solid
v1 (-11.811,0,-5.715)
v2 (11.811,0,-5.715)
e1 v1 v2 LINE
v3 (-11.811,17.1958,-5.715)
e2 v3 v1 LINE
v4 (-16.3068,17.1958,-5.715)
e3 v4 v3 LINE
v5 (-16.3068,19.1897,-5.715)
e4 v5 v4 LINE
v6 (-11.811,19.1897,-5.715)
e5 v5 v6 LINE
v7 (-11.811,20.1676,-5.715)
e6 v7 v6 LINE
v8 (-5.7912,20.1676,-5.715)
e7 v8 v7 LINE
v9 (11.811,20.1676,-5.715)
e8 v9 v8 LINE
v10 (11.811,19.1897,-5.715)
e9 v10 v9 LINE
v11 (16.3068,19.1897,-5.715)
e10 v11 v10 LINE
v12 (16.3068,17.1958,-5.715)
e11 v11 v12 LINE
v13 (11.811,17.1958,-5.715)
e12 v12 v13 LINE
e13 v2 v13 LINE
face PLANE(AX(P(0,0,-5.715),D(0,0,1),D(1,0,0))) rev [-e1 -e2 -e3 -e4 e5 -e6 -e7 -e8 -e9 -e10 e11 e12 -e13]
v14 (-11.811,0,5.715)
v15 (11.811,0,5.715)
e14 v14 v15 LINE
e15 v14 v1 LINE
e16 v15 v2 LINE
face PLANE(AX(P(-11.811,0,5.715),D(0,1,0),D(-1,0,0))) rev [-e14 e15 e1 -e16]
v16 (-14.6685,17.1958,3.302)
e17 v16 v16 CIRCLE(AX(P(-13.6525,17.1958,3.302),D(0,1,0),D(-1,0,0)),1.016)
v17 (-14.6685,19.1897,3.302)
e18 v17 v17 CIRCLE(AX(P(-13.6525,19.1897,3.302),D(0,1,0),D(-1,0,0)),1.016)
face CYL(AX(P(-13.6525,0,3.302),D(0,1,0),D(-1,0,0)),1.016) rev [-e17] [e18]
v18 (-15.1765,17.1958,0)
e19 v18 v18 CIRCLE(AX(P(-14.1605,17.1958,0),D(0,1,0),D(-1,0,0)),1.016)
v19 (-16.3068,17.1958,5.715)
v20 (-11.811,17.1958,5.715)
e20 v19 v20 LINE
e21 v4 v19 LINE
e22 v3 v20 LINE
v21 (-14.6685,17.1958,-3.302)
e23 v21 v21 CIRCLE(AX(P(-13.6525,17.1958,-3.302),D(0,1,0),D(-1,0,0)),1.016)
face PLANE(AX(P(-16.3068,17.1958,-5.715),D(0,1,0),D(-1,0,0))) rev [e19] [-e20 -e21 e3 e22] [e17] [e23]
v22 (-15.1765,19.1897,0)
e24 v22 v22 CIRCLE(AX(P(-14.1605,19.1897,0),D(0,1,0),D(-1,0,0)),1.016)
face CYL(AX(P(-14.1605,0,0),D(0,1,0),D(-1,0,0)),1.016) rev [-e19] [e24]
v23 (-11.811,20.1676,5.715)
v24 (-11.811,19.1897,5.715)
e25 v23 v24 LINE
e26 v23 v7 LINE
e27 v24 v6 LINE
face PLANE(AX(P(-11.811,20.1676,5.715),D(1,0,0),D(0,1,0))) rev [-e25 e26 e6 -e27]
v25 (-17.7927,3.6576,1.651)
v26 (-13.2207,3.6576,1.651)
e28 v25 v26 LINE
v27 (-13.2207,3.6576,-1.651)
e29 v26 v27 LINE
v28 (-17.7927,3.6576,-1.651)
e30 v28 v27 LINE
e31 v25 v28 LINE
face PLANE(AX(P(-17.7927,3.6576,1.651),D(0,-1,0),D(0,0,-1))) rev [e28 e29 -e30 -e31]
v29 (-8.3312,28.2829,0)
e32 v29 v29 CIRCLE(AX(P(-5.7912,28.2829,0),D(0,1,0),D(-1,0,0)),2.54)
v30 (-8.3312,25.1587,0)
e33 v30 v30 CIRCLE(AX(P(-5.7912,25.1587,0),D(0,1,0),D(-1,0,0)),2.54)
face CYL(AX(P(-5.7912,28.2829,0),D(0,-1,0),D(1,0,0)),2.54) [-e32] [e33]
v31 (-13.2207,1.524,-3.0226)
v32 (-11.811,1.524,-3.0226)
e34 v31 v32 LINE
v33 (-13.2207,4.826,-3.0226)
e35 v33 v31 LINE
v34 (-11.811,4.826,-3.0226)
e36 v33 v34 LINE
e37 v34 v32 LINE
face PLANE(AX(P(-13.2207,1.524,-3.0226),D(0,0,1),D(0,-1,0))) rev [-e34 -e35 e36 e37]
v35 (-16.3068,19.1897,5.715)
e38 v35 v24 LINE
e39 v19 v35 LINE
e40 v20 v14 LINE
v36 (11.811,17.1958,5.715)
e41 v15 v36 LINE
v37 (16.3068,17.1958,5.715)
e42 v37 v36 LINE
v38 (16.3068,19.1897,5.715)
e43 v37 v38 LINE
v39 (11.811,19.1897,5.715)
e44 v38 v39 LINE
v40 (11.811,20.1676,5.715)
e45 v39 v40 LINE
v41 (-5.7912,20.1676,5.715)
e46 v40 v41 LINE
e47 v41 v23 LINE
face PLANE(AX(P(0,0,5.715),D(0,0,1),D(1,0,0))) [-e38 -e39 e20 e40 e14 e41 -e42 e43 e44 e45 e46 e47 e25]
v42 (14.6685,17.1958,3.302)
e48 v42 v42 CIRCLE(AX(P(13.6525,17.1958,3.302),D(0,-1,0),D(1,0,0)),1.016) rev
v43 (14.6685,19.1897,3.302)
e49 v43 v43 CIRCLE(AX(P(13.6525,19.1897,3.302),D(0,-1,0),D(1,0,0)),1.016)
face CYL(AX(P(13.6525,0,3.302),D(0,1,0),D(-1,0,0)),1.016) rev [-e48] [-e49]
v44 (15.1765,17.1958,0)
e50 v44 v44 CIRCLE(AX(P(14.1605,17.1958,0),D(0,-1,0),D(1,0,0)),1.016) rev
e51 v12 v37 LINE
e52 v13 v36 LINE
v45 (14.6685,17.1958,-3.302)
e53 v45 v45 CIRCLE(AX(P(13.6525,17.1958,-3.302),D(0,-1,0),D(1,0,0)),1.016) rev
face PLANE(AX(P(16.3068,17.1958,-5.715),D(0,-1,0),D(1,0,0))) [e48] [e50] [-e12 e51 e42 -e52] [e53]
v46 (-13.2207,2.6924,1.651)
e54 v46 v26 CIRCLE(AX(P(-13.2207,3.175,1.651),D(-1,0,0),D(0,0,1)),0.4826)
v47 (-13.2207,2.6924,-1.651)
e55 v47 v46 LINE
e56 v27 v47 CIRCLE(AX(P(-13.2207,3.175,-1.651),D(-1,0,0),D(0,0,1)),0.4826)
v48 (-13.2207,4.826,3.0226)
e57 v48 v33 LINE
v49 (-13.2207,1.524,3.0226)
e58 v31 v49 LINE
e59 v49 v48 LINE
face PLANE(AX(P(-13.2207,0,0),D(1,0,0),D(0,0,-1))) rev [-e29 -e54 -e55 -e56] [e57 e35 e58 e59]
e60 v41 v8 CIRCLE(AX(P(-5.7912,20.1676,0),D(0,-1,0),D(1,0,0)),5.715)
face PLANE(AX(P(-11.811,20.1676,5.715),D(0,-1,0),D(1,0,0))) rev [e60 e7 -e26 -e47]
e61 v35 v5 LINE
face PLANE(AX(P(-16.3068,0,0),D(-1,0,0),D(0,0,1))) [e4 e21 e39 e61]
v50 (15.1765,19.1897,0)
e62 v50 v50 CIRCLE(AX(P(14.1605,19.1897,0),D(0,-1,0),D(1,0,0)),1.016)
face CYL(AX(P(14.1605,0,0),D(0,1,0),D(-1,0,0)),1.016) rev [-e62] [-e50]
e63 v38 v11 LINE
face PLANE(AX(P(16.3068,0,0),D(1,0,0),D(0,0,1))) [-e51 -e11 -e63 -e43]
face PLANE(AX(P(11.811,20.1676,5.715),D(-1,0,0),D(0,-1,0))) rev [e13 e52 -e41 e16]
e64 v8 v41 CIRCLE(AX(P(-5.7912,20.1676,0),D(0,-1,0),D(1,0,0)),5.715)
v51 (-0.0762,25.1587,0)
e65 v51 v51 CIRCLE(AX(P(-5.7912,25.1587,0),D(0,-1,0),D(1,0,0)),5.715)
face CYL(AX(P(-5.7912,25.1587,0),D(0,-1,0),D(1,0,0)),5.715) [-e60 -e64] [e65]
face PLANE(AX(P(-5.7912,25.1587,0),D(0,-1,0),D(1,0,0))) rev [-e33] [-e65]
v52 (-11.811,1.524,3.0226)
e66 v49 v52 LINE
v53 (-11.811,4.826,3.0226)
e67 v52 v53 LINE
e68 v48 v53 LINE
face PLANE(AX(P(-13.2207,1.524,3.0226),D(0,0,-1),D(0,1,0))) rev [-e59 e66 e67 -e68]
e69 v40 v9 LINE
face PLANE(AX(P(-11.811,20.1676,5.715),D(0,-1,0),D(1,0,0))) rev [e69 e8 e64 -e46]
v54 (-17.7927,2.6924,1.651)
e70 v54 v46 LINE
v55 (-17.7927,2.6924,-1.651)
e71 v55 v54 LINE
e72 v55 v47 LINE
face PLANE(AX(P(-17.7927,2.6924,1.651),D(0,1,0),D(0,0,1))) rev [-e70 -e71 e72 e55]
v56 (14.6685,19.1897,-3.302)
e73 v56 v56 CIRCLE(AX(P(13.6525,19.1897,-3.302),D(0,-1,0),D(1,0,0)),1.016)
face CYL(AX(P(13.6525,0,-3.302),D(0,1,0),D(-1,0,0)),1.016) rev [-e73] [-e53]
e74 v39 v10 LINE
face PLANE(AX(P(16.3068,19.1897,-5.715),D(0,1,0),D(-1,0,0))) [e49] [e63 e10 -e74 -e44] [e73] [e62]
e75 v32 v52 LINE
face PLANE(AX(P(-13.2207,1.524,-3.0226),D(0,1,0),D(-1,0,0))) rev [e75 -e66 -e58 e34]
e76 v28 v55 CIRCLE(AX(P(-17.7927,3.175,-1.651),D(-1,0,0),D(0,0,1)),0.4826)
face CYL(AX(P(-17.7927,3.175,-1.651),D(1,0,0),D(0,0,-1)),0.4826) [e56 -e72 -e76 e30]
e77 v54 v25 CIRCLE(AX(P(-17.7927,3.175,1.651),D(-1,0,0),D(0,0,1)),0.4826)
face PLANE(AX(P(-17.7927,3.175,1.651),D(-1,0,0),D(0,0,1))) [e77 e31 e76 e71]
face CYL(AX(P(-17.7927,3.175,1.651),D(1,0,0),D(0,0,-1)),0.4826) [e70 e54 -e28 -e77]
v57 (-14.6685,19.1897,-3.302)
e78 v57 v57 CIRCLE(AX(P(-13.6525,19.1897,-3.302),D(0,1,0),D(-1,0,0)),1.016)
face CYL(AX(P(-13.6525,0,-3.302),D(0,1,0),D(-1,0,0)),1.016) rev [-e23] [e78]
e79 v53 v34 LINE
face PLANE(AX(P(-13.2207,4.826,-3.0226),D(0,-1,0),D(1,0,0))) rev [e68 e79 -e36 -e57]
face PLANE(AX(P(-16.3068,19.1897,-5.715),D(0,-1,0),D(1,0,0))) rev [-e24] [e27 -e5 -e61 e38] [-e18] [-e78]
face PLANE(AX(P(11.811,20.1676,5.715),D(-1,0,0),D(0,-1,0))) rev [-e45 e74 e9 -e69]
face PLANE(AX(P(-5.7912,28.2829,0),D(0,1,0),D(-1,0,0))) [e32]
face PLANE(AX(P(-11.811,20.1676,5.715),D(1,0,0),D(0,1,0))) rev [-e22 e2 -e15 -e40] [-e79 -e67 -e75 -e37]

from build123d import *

# Parameters (mm, degrees)
SKETCH1_W           = 23.622
SKETCH1_H           = 20.1676
BOSS_EXTRUDE1_DEPTH = 5.715
SKETCH4_W           = 11.43
SKETCH4_H           = 1.9939
BOSS_EXTRUDE4_DEPTH = 4.4958
BOSS_EXTRUDE5_START = -0.9779
SKETCH5_R           = 5.715
BOSS_EXTRUDE5_DEPTH = 5.969
SKETCH6_R           = 2.54
BOSS_EXTRUDE6_DEPTH = 3.1242
SKETCH7_R           = 1.016
CUT_EXTRUDE1_DEPTH  = 26.822810407
SKETCH8_W           = 6.0452
SKETCH8_H           = 3.302
BOSS_EXTRUDE7_DEPTH = 1.4097
BOSS_EXTRUDE8_DEPTH = 4.572


with BuildPart() as part:
    # Sketch1 → Boss-Extrude1 (new, symmetric)
    with BuildSketch(Plane.XY):
        with Locations((0, 10.0838)):
            Rectangle(SKETCH1_W, SKETCH1_H)
    extrude(amount=BOSS_EXTRUDE1_DEPTH, both=True)

    # Sketch4 → Boss-Extrude4 (add)
    with BuildSketch(Plane.ZY.offset(11.811)):
        with Locations((0, 18.19275)):
            Rectangle(SKETCH4_W, SKETCH4_H)
    boss_extrude4 = extrude(amount=BOSS_EXTRUDE4_DEPTH)

    # Mirror1: Boss-Extrude4 across plane
    add(boss_extrude4.mirror(Plane(origin=(0, 0, 0), x_dir=(0, 0, 1), z_dir=(1, 0, 0))))

    # Sketch5 → Boss-Extrude5 (add)
    with BuildSketch(Plane(origin=(0, 20.1676, 0), x_dir=(1, 0, 0), z_dir=(0, 1, 0)).offset(BOSS_EXTRUDE5_START)):
        with Locations((-5.7912, 0)):
            Circle(SKETCH5_R)
    extrude(amount=BOSS_EXTRUDE5_DEPTH)

    # Sketch6 → Boss-Extrude6 (add)
    with BuildSketch(Plane(origin=(0, 25.1587, 0), x_dir=(1, 0, 0), z_dir=(0, 1, 0))):
        with Locations(Location((-5.7912, 0, 0), (0, 0, 180))):
            Circle(SKETCH6_R)
    extrude(amount=BOSS_EXTRUDE6_DEPTH)

    # Sketch7 → Cut-Extrude1 (cut, through all)
    with BuildSketch(Plane(origin=(0, 19.1897, 0), x_dir=(1, 0, 0), z_dir=(0, 1, 0))):
        with Locations(Location((-13.6525, 3.302, 0), (0, 0, 180))):
            Circle(SKETCH7_R)
        with Locations(Location((-13.6525, -3.302, 0), (0, 0, 180))):
            Circle(SKETCH7_R)
        with Locations(Location((-14.1605, 0, 0), (0, 0, 180))):
            Circle(SKETCH7_R)
    cut_extrude1 = extrude(amount=-CUT_EXTRUDE1_DEPTH, mode=Mode.SUBTRACT)

    # Mirror2: Cut-Extrude1 across plane
    add(cut_extrude1.mirror(Plane(origin=(0, 0, 0), x_dir=(0, 0, 1), z_dir=(1, 0, 0))), mode=Mode.SUBTRACT)

    # Sketch8 → Boss-Extrude7 (add)
    with BuildSketch(Plane.ZY.offset(11.811)):
        with Locations((0, 3.175)):
            Rectangle(SKETCH8_W, SKETCH8_H)
    extrude(amount=BOSS_EXTRUDE7_DEPTH)

    # Sketch9 → Boss-Extrude8 (add)
    with BuildSketch(Plane.ZY.offset(13.2207)):
        with BuildLine():
            Line((1.651, 2.6924), (-1.651, 2.6924))
            ThreePointArc((-1.651, 2.6924), (-2.1336, 3.175), (-1.651, 3.6576))
            Line((-1.651, 3.6576), (1.651, 3.6576))
            ThreePointArc((1.651, 3.6576), (2.1336, 3.175), (1.651, 2.6924))
        make_face()
    extrude(amount=BOSS_EXTRUDE8_DEPTH)


solid = part.part
